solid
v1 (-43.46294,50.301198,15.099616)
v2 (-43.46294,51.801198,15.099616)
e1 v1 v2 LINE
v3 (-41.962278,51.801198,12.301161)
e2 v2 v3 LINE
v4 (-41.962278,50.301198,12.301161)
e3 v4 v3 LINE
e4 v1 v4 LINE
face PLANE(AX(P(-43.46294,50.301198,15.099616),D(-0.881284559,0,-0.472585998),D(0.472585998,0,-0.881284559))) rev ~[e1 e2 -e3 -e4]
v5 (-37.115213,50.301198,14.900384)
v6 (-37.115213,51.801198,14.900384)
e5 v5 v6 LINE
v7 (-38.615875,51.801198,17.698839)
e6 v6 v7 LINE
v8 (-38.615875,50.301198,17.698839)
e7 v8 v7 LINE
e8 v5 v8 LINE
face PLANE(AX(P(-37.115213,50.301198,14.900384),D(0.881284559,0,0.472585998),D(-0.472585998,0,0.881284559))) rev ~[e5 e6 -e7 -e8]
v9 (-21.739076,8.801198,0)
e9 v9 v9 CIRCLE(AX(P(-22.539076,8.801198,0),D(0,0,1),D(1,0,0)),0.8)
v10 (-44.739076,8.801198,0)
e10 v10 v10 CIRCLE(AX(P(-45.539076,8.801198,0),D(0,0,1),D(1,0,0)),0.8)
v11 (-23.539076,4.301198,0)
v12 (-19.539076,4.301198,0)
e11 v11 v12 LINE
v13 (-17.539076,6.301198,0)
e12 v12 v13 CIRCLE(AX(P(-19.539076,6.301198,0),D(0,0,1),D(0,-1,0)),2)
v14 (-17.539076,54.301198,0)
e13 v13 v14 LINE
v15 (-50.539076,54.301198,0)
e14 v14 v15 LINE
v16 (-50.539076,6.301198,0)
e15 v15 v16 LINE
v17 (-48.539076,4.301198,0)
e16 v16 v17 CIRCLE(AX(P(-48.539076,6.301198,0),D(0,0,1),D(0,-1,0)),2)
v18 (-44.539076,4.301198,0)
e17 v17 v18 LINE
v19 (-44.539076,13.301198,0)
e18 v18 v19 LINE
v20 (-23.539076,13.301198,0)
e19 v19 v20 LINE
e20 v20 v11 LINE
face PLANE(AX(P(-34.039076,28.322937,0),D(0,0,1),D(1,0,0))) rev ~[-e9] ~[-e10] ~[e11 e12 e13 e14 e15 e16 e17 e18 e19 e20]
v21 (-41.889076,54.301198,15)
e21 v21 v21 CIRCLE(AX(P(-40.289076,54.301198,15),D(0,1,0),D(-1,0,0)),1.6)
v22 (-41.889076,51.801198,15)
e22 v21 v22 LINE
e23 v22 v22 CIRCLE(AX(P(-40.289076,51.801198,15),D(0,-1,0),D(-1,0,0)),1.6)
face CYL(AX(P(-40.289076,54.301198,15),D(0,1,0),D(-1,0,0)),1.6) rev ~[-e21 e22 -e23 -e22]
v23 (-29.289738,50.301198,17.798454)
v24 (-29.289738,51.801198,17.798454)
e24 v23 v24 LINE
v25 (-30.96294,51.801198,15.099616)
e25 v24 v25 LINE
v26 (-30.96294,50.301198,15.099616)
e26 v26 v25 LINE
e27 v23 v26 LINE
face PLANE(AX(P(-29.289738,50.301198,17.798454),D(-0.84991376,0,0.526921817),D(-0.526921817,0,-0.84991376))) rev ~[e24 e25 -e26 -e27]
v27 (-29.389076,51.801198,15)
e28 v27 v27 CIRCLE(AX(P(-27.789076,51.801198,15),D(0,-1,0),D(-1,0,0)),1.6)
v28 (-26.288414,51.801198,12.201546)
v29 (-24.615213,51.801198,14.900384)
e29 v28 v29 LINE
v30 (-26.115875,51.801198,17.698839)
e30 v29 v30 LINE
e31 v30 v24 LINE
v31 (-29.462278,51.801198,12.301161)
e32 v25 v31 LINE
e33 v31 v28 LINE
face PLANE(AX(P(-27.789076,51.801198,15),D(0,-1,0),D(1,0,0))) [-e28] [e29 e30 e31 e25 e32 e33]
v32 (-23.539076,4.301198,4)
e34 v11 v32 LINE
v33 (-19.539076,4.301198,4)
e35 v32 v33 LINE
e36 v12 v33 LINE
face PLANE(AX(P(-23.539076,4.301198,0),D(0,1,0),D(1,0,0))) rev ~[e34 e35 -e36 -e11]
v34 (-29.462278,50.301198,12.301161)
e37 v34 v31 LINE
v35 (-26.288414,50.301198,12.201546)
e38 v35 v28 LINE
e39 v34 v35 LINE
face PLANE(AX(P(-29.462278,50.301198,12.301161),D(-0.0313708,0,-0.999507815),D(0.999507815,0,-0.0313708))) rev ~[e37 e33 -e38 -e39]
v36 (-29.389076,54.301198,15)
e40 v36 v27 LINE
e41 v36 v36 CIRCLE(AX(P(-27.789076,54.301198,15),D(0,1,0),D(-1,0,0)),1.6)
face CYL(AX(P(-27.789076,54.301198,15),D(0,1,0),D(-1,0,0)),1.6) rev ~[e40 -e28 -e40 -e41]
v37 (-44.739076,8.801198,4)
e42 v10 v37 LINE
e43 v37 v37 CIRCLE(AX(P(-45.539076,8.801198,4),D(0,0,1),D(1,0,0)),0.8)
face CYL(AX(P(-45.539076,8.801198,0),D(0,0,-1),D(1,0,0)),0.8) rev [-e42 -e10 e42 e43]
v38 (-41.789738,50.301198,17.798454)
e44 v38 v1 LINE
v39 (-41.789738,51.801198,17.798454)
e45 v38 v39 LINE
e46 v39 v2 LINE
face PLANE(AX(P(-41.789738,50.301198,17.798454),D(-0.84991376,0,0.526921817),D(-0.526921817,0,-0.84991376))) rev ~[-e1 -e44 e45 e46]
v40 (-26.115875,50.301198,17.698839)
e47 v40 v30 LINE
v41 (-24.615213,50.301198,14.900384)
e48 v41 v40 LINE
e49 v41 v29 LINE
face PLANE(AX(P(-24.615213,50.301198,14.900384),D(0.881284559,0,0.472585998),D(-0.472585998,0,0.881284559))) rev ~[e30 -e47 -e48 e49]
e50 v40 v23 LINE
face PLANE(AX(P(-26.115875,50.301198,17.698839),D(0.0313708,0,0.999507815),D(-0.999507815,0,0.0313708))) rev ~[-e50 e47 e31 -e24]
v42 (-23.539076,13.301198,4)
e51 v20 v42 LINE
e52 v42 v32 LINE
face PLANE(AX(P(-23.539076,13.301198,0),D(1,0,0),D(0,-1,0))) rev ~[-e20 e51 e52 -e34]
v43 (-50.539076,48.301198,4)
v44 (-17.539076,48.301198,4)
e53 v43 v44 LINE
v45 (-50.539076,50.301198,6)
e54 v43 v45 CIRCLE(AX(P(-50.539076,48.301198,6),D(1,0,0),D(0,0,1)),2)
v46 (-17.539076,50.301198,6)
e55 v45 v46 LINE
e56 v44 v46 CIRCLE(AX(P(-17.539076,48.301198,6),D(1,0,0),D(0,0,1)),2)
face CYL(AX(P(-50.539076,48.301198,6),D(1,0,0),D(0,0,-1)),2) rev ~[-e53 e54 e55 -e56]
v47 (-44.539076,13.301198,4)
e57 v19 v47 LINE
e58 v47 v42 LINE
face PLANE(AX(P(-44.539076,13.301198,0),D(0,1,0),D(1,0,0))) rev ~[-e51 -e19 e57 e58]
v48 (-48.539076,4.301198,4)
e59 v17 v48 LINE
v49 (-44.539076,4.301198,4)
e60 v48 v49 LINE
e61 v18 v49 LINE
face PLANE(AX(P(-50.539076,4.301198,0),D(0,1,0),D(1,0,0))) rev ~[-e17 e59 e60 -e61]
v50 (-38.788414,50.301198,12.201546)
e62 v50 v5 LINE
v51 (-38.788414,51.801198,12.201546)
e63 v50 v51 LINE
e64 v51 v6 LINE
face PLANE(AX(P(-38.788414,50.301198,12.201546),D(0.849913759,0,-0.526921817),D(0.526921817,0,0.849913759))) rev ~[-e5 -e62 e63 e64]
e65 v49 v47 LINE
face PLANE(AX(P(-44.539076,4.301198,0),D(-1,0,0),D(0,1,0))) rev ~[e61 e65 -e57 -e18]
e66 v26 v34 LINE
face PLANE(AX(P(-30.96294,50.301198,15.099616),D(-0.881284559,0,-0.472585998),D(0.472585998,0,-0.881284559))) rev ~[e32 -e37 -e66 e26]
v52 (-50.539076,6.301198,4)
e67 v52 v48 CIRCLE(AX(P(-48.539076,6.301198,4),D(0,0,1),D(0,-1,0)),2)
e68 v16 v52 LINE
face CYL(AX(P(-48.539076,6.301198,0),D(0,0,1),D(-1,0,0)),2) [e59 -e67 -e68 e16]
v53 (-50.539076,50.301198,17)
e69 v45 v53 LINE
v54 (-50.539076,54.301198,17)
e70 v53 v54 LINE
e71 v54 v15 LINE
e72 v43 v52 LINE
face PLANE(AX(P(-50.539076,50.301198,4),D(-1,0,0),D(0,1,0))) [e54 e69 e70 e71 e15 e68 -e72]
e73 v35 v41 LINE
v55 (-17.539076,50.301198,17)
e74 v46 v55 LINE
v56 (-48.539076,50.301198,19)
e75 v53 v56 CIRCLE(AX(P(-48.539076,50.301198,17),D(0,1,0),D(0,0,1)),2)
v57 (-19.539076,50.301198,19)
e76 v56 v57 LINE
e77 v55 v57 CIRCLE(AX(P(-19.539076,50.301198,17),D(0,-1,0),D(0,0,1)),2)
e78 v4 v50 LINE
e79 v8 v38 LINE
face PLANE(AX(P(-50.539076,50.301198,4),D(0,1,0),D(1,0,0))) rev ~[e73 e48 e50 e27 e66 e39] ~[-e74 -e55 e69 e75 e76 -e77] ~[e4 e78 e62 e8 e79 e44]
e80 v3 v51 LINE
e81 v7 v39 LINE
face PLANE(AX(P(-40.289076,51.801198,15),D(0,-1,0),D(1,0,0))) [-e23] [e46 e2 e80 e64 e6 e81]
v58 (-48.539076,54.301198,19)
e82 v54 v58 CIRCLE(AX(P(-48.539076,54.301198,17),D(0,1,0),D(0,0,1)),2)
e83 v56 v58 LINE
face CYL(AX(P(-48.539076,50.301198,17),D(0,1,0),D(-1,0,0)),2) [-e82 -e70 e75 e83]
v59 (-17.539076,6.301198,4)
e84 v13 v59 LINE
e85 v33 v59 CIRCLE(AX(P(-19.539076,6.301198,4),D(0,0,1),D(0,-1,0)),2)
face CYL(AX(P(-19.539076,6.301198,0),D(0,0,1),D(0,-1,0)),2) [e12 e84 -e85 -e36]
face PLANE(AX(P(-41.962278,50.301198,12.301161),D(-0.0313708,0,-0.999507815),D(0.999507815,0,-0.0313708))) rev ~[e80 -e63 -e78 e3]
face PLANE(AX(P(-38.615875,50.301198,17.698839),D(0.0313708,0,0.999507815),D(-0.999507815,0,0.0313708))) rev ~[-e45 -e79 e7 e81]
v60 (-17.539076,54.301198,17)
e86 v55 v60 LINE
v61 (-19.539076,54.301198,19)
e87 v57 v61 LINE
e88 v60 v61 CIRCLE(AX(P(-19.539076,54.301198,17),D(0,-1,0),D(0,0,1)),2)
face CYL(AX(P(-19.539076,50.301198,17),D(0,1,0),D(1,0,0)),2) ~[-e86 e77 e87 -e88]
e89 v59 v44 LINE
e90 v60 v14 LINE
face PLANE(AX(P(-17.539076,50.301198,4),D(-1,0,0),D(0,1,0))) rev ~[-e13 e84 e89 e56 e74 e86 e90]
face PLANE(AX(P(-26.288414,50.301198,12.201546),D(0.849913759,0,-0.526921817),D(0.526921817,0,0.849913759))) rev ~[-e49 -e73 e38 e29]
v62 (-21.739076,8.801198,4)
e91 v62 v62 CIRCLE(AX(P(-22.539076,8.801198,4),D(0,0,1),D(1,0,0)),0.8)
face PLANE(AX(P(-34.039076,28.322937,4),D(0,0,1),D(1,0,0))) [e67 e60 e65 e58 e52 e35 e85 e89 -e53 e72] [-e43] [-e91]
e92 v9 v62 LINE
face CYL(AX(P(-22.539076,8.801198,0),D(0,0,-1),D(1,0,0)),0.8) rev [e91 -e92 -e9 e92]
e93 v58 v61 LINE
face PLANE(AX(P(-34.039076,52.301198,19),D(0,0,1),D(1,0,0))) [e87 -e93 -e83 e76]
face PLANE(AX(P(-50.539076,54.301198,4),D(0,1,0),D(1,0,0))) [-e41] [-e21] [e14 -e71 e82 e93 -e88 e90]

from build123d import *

# Parameters (mm, degrees)
F0_R     = 0.8
F1_DEPTH = 4
F2_W     = 33
F2_H     = 4
F3_DEPTH = 15
F4_R     = 1.6
F5_DEPTH = 25
F6_R     = 1.6
F7_DEPTH = 1.5
F8_R     = 2


with BuildPart() as f1:
    # F0 (on Top) → F1 (new body)
    with BuildSketch(Plane.XY):
        Polygon((-23.5390763283, 54.3011978269), (-44.5390763283, 54.3011978269), (-50.5390763283, 54.3011978269), (-50.5390763283, 4.3011978269), (-44.5390763283, 4.3011978269), (-44.5390763283, 13.3011978269), (-23.5390763283, 13.3011978269), (-23.5390763283, 4.3011978269), (-17.5390763283, 4.3011978269), (-17.5390763283, 54.3011978269), align=None)
        with Locations((-45.5390763283, 8.8011978269)):
            Circle(F0_R, mode=Mode.SUBTRACT)
        with Locations((-22.5390763283, 8.8011978269)):
            Circle(F0_R, mode=Mode.SUBTRACT)
    extrude(amount=F1_DEPTH)

    # F2 (on face) → F3 (join)
    with BuildSketch(Plane.XY.offset(4)):
        with Locations((-34.0390763283, 52.3011978269)):
            Rectangle(F2_W, F2_H)
    extrude(amount=F3_DEPTH)

    # F4 (on face) → F5 (cut)
    with BuildSketch(Plane(origin=(0, 54.3011978269, 0), x_dir=(-1, 0, 0), z_dir=(0, 1, 0))):
        with Locations((40.2890763283, 15)):
            Circle(F4_R)
        with Locations((27.7890763283, 15)):
            Circle(F4_R)
    extrude(amount=-F5_DEPTH, mode=Mode.SUBTRACT)

    # F6 (on face) → F7 (cut)
    with BuildSketch(Plane.XZ.offset(-50.3011978269)):
        Polygon((-38.7884142354, 12.2015456737), (-37.1152127439, 14.9003843318), (-38.6158748368, 17.6988386581), (-41.7897384212, 17.7984543263), (-43.4629399126, 15.0996156682), (-41.9622778197, 12.3011613419), align=None)
        with Locations((-40.2890763283, 15)):
            Circle(F6_R, mode=Mode.SUBTRACT)
        Polygon((-26.2884142354, 12.2015456737), (-24.6152127439, 14.9003843318), (-26.1158748368, 17.6988386581), (-29.2897384212, 17.7984543263), (-30.9629399126, 15.0996156682), (-29.4622778197, 12.3011613419), align=None)
        with Locations((-27.7890763283, 15)):
            Circle(F6_R, mode=Mode.SUBTRACT)
    extrude(amount=-F7_DEPTH, mode=Mode.SUBTRACT)

    # F8
    f8_edges = [f1.edges().sort_by_distance(p)[0] for p in [
        (-50.539076, 4.301198, 2),
        (-17.539076, 4.301198, 2),
        (-17.539076, 52.301198, 19),
        (-50.539076, 52.301198, 19),
        (-34.039076, 50.301198, 4),
    ]]
    fillet(f8_edges, radius=F8_R)


solid = f1.part
